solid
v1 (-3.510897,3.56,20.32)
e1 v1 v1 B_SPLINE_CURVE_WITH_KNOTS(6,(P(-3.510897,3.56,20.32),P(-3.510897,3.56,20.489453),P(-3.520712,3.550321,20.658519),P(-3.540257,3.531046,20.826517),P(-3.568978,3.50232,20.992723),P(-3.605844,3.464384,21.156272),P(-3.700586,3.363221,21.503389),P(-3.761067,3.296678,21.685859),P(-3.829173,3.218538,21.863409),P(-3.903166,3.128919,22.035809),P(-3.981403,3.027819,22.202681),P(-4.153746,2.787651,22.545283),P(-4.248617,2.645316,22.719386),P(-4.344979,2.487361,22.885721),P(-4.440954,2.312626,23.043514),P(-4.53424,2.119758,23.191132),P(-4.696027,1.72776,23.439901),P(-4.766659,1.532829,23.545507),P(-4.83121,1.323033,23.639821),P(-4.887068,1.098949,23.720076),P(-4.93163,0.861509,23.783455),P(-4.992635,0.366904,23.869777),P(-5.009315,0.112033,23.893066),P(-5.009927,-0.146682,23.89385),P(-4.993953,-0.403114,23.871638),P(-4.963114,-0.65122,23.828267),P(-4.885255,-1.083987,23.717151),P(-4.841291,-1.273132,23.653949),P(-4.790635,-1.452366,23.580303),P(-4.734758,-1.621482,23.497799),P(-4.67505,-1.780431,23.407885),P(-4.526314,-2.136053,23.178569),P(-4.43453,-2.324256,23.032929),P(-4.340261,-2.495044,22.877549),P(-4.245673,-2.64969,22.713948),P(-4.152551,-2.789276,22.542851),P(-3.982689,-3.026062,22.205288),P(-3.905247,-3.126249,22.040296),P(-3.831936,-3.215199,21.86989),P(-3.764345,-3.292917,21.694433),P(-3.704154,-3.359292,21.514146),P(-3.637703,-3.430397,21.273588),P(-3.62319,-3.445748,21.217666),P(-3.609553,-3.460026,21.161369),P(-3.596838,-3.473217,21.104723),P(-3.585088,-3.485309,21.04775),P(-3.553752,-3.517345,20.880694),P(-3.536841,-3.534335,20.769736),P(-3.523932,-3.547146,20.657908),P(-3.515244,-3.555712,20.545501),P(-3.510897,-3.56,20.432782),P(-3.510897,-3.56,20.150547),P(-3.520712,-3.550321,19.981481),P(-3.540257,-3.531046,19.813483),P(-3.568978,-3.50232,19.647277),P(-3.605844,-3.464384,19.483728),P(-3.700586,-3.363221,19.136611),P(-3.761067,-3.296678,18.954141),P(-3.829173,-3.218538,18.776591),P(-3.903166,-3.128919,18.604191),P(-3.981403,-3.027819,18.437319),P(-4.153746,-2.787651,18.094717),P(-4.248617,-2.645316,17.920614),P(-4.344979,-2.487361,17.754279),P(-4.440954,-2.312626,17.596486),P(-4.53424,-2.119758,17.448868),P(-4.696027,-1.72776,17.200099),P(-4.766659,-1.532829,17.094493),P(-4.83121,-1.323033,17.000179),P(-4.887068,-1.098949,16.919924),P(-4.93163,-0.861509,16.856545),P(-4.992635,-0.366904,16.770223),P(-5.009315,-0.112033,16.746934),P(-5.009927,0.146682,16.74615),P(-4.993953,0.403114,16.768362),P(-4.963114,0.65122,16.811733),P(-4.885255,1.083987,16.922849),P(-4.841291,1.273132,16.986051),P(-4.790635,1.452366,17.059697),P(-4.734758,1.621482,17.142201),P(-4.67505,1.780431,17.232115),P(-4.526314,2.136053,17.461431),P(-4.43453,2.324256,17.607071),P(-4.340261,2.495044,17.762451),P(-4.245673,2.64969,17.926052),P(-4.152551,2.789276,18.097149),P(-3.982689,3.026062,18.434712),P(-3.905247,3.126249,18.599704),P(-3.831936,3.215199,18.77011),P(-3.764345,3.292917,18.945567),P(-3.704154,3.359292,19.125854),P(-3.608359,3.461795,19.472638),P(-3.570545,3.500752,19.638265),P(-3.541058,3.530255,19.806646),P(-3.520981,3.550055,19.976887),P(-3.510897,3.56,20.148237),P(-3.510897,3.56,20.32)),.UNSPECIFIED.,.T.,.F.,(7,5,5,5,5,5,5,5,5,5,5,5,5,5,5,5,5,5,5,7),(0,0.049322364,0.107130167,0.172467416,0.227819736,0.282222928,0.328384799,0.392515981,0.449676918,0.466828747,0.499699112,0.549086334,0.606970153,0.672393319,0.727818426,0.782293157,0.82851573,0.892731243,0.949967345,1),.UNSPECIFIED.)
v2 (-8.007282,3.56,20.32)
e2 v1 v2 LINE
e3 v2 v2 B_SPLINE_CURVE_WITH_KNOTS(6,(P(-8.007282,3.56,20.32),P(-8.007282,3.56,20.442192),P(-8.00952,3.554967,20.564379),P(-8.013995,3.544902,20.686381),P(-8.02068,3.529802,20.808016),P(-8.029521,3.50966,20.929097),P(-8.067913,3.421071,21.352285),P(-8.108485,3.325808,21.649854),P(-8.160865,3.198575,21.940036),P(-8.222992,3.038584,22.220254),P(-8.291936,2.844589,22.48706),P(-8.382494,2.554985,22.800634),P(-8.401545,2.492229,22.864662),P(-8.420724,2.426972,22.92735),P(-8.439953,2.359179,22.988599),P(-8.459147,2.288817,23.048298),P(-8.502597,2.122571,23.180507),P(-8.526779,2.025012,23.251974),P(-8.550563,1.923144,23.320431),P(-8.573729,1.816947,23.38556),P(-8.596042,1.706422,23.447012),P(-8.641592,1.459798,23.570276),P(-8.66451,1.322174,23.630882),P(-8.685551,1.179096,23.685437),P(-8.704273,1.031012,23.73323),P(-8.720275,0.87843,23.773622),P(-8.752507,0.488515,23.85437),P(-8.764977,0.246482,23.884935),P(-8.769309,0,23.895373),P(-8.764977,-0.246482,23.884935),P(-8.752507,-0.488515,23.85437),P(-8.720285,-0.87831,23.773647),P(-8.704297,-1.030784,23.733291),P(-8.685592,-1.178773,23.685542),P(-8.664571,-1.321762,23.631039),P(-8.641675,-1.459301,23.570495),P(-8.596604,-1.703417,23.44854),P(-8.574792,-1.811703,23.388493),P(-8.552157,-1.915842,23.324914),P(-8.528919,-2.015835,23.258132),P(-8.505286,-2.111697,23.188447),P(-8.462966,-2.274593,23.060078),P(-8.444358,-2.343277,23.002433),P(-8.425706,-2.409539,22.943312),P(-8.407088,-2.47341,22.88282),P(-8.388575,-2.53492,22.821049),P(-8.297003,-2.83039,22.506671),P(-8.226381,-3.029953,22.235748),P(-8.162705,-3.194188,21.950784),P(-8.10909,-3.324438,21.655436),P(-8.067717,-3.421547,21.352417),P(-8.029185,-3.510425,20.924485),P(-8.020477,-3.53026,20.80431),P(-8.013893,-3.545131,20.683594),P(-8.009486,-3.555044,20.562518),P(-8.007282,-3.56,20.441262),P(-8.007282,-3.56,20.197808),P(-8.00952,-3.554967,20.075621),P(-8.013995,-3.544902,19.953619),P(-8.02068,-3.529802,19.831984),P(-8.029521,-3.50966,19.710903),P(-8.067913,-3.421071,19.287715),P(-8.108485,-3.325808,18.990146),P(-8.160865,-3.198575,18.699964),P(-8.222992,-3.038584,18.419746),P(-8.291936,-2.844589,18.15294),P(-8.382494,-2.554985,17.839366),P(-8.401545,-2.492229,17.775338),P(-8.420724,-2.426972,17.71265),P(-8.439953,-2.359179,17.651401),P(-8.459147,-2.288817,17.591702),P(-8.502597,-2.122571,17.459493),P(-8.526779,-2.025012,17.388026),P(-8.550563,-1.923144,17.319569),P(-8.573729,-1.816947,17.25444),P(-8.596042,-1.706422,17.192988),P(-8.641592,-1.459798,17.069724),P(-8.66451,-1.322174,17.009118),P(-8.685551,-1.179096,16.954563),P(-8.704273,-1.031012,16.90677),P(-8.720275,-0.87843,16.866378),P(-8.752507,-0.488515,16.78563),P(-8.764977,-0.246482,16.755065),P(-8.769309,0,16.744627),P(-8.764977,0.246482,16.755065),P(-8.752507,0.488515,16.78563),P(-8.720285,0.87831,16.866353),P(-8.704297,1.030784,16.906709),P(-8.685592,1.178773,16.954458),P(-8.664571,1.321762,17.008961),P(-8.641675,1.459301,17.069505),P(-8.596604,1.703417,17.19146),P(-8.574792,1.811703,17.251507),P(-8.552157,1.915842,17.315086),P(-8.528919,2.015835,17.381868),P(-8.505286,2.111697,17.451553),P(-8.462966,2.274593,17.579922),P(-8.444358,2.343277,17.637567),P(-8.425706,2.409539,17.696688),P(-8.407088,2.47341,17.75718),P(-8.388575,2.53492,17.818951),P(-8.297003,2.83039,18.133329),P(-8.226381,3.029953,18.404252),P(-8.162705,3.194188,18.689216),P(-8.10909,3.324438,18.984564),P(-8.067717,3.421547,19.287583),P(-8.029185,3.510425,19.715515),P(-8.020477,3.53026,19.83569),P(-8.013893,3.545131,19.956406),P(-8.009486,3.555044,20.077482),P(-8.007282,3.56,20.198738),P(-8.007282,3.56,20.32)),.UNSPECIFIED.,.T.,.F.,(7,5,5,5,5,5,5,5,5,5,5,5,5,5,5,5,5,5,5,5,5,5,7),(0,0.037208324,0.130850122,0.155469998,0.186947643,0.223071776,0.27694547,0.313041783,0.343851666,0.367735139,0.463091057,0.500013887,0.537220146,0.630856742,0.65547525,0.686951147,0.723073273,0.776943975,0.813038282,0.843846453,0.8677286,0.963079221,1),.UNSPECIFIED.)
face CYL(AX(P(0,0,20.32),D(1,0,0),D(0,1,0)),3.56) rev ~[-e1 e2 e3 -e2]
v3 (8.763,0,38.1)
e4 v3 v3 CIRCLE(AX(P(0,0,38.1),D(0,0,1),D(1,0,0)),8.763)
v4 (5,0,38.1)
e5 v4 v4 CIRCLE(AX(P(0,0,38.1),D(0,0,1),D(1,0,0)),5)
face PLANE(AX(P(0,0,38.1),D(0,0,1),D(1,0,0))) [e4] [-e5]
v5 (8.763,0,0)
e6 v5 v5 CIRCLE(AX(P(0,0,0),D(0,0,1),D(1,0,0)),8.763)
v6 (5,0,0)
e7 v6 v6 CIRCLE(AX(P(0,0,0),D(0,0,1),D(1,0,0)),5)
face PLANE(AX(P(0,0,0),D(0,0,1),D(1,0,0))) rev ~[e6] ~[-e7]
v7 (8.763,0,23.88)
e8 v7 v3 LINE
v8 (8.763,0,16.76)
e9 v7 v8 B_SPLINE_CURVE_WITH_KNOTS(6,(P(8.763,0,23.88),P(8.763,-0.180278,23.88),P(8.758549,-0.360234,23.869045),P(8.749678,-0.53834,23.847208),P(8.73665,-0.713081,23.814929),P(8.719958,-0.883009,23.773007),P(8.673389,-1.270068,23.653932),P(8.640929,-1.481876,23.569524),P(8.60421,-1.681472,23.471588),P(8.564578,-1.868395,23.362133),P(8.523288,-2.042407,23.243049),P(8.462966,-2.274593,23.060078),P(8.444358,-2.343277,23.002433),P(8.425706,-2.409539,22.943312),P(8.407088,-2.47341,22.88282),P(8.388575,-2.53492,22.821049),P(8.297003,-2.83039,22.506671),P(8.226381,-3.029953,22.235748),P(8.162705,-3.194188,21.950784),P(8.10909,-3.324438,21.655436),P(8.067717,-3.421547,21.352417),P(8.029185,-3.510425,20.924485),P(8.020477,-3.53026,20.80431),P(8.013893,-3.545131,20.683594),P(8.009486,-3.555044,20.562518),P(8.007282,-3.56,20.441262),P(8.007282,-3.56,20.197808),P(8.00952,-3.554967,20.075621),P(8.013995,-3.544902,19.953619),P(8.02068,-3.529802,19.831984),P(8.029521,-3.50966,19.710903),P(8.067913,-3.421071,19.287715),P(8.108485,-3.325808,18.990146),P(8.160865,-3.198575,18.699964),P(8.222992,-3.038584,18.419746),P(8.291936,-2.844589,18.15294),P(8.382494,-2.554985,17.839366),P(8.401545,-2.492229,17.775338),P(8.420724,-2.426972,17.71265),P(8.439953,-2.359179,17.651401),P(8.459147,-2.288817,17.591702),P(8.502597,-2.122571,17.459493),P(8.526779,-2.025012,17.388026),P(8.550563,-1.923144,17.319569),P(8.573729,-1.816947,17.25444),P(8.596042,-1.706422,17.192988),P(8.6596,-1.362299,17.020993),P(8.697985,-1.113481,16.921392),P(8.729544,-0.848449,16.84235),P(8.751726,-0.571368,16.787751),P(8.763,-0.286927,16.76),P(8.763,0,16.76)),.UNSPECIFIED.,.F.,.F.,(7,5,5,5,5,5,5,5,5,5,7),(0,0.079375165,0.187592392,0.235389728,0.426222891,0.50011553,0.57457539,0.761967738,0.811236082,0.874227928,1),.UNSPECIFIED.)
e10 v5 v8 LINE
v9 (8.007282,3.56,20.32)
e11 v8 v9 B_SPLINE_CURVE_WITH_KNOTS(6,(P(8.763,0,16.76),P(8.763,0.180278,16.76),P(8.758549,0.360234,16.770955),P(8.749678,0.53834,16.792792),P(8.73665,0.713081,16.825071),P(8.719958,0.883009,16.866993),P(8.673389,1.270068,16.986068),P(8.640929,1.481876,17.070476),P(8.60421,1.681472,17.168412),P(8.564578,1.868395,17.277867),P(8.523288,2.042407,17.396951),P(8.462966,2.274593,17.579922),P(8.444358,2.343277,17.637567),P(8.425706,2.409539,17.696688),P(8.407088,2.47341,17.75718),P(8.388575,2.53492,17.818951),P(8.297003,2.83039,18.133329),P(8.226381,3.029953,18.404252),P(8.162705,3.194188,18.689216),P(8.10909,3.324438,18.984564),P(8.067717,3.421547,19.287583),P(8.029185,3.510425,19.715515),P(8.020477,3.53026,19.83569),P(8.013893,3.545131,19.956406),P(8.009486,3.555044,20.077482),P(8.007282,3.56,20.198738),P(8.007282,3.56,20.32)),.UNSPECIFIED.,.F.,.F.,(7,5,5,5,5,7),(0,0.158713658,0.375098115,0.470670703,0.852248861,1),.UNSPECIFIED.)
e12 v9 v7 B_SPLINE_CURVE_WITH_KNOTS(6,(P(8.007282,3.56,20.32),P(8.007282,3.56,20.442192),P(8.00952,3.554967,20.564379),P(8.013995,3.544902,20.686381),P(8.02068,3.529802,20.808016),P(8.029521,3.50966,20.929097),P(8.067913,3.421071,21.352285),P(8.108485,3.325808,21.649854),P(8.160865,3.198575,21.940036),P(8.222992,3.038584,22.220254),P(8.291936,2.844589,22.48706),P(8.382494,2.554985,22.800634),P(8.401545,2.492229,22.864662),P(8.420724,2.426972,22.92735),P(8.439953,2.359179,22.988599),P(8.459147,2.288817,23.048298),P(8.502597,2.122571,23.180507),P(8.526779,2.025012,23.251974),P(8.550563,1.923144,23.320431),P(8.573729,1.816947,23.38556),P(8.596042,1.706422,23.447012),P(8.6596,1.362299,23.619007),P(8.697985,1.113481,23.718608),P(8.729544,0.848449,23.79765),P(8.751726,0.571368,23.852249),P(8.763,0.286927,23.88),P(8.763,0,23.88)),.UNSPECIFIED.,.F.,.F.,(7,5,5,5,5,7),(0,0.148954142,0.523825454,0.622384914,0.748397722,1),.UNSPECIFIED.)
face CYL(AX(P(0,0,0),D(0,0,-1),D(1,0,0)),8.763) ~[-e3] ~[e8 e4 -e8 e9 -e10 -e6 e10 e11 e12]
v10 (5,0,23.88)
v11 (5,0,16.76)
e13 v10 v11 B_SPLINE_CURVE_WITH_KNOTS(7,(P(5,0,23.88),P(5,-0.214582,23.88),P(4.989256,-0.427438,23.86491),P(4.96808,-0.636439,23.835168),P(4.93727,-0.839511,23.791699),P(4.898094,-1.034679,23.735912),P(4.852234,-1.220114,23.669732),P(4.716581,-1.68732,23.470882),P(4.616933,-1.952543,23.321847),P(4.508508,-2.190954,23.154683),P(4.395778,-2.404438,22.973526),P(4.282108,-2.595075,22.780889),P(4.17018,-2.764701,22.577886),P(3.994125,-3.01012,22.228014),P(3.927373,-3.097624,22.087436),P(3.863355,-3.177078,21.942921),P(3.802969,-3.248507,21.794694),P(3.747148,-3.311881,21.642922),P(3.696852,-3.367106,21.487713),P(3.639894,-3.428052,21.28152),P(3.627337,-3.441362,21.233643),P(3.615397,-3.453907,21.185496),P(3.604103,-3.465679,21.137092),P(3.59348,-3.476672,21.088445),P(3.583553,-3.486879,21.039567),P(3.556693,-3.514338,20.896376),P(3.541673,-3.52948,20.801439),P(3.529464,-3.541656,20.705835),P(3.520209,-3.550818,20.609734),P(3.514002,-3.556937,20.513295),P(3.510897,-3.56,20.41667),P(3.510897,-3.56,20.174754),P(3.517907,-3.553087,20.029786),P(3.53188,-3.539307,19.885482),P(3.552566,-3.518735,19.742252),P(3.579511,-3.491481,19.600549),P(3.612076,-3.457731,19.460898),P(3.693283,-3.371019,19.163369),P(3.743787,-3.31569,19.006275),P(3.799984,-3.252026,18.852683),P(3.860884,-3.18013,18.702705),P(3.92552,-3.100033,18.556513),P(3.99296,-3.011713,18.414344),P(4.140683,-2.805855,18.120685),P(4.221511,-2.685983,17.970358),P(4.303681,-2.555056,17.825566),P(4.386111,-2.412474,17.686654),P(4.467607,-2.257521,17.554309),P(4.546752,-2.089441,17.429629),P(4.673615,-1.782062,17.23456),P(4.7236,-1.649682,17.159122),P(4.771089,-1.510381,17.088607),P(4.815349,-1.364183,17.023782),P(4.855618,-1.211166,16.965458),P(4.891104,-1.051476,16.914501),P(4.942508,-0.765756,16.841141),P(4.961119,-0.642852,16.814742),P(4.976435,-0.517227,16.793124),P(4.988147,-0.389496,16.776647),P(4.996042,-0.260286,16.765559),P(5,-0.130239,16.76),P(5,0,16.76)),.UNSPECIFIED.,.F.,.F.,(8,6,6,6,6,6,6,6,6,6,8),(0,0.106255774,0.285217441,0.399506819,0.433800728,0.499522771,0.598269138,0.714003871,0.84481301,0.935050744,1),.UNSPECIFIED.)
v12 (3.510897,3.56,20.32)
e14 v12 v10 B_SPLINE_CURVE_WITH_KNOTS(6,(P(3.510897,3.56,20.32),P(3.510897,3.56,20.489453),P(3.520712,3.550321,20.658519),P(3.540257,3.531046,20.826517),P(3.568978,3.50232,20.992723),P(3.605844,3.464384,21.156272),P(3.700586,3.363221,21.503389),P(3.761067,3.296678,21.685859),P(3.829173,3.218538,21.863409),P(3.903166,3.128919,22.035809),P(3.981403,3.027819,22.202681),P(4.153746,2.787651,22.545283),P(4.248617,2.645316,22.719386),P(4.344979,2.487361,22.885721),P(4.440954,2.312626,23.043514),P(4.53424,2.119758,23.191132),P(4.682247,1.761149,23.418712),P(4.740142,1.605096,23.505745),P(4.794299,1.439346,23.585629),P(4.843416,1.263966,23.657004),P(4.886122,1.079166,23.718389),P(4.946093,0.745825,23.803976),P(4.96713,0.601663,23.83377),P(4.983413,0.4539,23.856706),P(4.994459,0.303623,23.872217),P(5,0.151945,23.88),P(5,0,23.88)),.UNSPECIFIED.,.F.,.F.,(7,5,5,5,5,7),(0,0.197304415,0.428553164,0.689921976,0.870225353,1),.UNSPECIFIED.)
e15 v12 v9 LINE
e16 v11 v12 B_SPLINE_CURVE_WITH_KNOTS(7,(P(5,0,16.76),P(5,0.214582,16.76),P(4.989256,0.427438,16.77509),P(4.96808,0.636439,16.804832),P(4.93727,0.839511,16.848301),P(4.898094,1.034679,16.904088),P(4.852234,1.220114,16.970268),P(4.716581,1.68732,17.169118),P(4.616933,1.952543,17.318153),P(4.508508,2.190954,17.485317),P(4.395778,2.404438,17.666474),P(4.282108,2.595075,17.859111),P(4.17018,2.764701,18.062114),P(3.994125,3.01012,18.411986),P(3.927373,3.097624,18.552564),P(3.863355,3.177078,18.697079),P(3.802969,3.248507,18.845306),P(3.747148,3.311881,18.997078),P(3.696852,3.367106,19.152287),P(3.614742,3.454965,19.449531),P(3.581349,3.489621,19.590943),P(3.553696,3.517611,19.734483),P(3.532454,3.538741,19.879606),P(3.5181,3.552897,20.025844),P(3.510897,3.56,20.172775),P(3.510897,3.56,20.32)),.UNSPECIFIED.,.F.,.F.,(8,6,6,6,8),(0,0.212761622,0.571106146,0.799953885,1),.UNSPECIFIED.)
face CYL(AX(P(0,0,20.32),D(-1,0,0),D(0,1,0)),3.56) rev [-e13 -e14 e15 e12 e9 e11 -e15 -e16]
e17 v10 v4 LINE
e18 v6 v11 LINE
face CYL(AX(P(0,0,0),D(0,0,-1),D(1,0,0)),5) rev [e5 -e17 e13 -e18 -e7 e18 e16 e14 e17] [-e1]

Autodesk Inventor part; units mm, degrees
ref_plane "YZ Plane" through (0, 0, 0) normal (1, 0, 0) x (0, 1, 0)
ref_plane "XZ Plane" through (0, 0, 0) normal (0, 1, 0) x (-1, 0, 0)
ref_plane "XY Plane" through (0, 0, 0) normal (0, 0, 1) x (1, 0, 0)
sketch "Sketch1" plane through (0, 0, 0) normal (0, 0, 1) x (1, 0, 0)
  circle A0 centre (0, 0) radius 8.763
  circle A1 centre (0, 0) radius 5
  dimension "d0" = 17.526
  dimension "d1" = 10
extrude "Extrusion1" add sketch "Sketch1" along normal blind 38.1
sketch "Sketch2" plane through (0, 0, 0) normal (1, 0, 0) x (0, 1, 0)
  line L0 (8.763, 38.1) -> (-8.763, 38.1) projected
  line L1 (-8.763, 0) -> (8.763, 0) projected
  line L2 (-5, 0) -> (-5, 38.1) projected
  line L3 (-8.763, 0) -> (-8.763, 38.1) projected
  line L4 (8.763, 0) -> (8.763, 38.1) projected
  circle A0 centre (0, 20.32) radius 3.56
  point P0 (0, 0)
  dimension "d4" = 17.526
  dimension "d5" = 8.763
  dimension "d6" = 7.12
  dimension "d7" = 20.32
extrude "Extrusion2" cut sketch "Sketch2" along normal mid plane 25.4 contours A0
properties part number "unThread insert"
